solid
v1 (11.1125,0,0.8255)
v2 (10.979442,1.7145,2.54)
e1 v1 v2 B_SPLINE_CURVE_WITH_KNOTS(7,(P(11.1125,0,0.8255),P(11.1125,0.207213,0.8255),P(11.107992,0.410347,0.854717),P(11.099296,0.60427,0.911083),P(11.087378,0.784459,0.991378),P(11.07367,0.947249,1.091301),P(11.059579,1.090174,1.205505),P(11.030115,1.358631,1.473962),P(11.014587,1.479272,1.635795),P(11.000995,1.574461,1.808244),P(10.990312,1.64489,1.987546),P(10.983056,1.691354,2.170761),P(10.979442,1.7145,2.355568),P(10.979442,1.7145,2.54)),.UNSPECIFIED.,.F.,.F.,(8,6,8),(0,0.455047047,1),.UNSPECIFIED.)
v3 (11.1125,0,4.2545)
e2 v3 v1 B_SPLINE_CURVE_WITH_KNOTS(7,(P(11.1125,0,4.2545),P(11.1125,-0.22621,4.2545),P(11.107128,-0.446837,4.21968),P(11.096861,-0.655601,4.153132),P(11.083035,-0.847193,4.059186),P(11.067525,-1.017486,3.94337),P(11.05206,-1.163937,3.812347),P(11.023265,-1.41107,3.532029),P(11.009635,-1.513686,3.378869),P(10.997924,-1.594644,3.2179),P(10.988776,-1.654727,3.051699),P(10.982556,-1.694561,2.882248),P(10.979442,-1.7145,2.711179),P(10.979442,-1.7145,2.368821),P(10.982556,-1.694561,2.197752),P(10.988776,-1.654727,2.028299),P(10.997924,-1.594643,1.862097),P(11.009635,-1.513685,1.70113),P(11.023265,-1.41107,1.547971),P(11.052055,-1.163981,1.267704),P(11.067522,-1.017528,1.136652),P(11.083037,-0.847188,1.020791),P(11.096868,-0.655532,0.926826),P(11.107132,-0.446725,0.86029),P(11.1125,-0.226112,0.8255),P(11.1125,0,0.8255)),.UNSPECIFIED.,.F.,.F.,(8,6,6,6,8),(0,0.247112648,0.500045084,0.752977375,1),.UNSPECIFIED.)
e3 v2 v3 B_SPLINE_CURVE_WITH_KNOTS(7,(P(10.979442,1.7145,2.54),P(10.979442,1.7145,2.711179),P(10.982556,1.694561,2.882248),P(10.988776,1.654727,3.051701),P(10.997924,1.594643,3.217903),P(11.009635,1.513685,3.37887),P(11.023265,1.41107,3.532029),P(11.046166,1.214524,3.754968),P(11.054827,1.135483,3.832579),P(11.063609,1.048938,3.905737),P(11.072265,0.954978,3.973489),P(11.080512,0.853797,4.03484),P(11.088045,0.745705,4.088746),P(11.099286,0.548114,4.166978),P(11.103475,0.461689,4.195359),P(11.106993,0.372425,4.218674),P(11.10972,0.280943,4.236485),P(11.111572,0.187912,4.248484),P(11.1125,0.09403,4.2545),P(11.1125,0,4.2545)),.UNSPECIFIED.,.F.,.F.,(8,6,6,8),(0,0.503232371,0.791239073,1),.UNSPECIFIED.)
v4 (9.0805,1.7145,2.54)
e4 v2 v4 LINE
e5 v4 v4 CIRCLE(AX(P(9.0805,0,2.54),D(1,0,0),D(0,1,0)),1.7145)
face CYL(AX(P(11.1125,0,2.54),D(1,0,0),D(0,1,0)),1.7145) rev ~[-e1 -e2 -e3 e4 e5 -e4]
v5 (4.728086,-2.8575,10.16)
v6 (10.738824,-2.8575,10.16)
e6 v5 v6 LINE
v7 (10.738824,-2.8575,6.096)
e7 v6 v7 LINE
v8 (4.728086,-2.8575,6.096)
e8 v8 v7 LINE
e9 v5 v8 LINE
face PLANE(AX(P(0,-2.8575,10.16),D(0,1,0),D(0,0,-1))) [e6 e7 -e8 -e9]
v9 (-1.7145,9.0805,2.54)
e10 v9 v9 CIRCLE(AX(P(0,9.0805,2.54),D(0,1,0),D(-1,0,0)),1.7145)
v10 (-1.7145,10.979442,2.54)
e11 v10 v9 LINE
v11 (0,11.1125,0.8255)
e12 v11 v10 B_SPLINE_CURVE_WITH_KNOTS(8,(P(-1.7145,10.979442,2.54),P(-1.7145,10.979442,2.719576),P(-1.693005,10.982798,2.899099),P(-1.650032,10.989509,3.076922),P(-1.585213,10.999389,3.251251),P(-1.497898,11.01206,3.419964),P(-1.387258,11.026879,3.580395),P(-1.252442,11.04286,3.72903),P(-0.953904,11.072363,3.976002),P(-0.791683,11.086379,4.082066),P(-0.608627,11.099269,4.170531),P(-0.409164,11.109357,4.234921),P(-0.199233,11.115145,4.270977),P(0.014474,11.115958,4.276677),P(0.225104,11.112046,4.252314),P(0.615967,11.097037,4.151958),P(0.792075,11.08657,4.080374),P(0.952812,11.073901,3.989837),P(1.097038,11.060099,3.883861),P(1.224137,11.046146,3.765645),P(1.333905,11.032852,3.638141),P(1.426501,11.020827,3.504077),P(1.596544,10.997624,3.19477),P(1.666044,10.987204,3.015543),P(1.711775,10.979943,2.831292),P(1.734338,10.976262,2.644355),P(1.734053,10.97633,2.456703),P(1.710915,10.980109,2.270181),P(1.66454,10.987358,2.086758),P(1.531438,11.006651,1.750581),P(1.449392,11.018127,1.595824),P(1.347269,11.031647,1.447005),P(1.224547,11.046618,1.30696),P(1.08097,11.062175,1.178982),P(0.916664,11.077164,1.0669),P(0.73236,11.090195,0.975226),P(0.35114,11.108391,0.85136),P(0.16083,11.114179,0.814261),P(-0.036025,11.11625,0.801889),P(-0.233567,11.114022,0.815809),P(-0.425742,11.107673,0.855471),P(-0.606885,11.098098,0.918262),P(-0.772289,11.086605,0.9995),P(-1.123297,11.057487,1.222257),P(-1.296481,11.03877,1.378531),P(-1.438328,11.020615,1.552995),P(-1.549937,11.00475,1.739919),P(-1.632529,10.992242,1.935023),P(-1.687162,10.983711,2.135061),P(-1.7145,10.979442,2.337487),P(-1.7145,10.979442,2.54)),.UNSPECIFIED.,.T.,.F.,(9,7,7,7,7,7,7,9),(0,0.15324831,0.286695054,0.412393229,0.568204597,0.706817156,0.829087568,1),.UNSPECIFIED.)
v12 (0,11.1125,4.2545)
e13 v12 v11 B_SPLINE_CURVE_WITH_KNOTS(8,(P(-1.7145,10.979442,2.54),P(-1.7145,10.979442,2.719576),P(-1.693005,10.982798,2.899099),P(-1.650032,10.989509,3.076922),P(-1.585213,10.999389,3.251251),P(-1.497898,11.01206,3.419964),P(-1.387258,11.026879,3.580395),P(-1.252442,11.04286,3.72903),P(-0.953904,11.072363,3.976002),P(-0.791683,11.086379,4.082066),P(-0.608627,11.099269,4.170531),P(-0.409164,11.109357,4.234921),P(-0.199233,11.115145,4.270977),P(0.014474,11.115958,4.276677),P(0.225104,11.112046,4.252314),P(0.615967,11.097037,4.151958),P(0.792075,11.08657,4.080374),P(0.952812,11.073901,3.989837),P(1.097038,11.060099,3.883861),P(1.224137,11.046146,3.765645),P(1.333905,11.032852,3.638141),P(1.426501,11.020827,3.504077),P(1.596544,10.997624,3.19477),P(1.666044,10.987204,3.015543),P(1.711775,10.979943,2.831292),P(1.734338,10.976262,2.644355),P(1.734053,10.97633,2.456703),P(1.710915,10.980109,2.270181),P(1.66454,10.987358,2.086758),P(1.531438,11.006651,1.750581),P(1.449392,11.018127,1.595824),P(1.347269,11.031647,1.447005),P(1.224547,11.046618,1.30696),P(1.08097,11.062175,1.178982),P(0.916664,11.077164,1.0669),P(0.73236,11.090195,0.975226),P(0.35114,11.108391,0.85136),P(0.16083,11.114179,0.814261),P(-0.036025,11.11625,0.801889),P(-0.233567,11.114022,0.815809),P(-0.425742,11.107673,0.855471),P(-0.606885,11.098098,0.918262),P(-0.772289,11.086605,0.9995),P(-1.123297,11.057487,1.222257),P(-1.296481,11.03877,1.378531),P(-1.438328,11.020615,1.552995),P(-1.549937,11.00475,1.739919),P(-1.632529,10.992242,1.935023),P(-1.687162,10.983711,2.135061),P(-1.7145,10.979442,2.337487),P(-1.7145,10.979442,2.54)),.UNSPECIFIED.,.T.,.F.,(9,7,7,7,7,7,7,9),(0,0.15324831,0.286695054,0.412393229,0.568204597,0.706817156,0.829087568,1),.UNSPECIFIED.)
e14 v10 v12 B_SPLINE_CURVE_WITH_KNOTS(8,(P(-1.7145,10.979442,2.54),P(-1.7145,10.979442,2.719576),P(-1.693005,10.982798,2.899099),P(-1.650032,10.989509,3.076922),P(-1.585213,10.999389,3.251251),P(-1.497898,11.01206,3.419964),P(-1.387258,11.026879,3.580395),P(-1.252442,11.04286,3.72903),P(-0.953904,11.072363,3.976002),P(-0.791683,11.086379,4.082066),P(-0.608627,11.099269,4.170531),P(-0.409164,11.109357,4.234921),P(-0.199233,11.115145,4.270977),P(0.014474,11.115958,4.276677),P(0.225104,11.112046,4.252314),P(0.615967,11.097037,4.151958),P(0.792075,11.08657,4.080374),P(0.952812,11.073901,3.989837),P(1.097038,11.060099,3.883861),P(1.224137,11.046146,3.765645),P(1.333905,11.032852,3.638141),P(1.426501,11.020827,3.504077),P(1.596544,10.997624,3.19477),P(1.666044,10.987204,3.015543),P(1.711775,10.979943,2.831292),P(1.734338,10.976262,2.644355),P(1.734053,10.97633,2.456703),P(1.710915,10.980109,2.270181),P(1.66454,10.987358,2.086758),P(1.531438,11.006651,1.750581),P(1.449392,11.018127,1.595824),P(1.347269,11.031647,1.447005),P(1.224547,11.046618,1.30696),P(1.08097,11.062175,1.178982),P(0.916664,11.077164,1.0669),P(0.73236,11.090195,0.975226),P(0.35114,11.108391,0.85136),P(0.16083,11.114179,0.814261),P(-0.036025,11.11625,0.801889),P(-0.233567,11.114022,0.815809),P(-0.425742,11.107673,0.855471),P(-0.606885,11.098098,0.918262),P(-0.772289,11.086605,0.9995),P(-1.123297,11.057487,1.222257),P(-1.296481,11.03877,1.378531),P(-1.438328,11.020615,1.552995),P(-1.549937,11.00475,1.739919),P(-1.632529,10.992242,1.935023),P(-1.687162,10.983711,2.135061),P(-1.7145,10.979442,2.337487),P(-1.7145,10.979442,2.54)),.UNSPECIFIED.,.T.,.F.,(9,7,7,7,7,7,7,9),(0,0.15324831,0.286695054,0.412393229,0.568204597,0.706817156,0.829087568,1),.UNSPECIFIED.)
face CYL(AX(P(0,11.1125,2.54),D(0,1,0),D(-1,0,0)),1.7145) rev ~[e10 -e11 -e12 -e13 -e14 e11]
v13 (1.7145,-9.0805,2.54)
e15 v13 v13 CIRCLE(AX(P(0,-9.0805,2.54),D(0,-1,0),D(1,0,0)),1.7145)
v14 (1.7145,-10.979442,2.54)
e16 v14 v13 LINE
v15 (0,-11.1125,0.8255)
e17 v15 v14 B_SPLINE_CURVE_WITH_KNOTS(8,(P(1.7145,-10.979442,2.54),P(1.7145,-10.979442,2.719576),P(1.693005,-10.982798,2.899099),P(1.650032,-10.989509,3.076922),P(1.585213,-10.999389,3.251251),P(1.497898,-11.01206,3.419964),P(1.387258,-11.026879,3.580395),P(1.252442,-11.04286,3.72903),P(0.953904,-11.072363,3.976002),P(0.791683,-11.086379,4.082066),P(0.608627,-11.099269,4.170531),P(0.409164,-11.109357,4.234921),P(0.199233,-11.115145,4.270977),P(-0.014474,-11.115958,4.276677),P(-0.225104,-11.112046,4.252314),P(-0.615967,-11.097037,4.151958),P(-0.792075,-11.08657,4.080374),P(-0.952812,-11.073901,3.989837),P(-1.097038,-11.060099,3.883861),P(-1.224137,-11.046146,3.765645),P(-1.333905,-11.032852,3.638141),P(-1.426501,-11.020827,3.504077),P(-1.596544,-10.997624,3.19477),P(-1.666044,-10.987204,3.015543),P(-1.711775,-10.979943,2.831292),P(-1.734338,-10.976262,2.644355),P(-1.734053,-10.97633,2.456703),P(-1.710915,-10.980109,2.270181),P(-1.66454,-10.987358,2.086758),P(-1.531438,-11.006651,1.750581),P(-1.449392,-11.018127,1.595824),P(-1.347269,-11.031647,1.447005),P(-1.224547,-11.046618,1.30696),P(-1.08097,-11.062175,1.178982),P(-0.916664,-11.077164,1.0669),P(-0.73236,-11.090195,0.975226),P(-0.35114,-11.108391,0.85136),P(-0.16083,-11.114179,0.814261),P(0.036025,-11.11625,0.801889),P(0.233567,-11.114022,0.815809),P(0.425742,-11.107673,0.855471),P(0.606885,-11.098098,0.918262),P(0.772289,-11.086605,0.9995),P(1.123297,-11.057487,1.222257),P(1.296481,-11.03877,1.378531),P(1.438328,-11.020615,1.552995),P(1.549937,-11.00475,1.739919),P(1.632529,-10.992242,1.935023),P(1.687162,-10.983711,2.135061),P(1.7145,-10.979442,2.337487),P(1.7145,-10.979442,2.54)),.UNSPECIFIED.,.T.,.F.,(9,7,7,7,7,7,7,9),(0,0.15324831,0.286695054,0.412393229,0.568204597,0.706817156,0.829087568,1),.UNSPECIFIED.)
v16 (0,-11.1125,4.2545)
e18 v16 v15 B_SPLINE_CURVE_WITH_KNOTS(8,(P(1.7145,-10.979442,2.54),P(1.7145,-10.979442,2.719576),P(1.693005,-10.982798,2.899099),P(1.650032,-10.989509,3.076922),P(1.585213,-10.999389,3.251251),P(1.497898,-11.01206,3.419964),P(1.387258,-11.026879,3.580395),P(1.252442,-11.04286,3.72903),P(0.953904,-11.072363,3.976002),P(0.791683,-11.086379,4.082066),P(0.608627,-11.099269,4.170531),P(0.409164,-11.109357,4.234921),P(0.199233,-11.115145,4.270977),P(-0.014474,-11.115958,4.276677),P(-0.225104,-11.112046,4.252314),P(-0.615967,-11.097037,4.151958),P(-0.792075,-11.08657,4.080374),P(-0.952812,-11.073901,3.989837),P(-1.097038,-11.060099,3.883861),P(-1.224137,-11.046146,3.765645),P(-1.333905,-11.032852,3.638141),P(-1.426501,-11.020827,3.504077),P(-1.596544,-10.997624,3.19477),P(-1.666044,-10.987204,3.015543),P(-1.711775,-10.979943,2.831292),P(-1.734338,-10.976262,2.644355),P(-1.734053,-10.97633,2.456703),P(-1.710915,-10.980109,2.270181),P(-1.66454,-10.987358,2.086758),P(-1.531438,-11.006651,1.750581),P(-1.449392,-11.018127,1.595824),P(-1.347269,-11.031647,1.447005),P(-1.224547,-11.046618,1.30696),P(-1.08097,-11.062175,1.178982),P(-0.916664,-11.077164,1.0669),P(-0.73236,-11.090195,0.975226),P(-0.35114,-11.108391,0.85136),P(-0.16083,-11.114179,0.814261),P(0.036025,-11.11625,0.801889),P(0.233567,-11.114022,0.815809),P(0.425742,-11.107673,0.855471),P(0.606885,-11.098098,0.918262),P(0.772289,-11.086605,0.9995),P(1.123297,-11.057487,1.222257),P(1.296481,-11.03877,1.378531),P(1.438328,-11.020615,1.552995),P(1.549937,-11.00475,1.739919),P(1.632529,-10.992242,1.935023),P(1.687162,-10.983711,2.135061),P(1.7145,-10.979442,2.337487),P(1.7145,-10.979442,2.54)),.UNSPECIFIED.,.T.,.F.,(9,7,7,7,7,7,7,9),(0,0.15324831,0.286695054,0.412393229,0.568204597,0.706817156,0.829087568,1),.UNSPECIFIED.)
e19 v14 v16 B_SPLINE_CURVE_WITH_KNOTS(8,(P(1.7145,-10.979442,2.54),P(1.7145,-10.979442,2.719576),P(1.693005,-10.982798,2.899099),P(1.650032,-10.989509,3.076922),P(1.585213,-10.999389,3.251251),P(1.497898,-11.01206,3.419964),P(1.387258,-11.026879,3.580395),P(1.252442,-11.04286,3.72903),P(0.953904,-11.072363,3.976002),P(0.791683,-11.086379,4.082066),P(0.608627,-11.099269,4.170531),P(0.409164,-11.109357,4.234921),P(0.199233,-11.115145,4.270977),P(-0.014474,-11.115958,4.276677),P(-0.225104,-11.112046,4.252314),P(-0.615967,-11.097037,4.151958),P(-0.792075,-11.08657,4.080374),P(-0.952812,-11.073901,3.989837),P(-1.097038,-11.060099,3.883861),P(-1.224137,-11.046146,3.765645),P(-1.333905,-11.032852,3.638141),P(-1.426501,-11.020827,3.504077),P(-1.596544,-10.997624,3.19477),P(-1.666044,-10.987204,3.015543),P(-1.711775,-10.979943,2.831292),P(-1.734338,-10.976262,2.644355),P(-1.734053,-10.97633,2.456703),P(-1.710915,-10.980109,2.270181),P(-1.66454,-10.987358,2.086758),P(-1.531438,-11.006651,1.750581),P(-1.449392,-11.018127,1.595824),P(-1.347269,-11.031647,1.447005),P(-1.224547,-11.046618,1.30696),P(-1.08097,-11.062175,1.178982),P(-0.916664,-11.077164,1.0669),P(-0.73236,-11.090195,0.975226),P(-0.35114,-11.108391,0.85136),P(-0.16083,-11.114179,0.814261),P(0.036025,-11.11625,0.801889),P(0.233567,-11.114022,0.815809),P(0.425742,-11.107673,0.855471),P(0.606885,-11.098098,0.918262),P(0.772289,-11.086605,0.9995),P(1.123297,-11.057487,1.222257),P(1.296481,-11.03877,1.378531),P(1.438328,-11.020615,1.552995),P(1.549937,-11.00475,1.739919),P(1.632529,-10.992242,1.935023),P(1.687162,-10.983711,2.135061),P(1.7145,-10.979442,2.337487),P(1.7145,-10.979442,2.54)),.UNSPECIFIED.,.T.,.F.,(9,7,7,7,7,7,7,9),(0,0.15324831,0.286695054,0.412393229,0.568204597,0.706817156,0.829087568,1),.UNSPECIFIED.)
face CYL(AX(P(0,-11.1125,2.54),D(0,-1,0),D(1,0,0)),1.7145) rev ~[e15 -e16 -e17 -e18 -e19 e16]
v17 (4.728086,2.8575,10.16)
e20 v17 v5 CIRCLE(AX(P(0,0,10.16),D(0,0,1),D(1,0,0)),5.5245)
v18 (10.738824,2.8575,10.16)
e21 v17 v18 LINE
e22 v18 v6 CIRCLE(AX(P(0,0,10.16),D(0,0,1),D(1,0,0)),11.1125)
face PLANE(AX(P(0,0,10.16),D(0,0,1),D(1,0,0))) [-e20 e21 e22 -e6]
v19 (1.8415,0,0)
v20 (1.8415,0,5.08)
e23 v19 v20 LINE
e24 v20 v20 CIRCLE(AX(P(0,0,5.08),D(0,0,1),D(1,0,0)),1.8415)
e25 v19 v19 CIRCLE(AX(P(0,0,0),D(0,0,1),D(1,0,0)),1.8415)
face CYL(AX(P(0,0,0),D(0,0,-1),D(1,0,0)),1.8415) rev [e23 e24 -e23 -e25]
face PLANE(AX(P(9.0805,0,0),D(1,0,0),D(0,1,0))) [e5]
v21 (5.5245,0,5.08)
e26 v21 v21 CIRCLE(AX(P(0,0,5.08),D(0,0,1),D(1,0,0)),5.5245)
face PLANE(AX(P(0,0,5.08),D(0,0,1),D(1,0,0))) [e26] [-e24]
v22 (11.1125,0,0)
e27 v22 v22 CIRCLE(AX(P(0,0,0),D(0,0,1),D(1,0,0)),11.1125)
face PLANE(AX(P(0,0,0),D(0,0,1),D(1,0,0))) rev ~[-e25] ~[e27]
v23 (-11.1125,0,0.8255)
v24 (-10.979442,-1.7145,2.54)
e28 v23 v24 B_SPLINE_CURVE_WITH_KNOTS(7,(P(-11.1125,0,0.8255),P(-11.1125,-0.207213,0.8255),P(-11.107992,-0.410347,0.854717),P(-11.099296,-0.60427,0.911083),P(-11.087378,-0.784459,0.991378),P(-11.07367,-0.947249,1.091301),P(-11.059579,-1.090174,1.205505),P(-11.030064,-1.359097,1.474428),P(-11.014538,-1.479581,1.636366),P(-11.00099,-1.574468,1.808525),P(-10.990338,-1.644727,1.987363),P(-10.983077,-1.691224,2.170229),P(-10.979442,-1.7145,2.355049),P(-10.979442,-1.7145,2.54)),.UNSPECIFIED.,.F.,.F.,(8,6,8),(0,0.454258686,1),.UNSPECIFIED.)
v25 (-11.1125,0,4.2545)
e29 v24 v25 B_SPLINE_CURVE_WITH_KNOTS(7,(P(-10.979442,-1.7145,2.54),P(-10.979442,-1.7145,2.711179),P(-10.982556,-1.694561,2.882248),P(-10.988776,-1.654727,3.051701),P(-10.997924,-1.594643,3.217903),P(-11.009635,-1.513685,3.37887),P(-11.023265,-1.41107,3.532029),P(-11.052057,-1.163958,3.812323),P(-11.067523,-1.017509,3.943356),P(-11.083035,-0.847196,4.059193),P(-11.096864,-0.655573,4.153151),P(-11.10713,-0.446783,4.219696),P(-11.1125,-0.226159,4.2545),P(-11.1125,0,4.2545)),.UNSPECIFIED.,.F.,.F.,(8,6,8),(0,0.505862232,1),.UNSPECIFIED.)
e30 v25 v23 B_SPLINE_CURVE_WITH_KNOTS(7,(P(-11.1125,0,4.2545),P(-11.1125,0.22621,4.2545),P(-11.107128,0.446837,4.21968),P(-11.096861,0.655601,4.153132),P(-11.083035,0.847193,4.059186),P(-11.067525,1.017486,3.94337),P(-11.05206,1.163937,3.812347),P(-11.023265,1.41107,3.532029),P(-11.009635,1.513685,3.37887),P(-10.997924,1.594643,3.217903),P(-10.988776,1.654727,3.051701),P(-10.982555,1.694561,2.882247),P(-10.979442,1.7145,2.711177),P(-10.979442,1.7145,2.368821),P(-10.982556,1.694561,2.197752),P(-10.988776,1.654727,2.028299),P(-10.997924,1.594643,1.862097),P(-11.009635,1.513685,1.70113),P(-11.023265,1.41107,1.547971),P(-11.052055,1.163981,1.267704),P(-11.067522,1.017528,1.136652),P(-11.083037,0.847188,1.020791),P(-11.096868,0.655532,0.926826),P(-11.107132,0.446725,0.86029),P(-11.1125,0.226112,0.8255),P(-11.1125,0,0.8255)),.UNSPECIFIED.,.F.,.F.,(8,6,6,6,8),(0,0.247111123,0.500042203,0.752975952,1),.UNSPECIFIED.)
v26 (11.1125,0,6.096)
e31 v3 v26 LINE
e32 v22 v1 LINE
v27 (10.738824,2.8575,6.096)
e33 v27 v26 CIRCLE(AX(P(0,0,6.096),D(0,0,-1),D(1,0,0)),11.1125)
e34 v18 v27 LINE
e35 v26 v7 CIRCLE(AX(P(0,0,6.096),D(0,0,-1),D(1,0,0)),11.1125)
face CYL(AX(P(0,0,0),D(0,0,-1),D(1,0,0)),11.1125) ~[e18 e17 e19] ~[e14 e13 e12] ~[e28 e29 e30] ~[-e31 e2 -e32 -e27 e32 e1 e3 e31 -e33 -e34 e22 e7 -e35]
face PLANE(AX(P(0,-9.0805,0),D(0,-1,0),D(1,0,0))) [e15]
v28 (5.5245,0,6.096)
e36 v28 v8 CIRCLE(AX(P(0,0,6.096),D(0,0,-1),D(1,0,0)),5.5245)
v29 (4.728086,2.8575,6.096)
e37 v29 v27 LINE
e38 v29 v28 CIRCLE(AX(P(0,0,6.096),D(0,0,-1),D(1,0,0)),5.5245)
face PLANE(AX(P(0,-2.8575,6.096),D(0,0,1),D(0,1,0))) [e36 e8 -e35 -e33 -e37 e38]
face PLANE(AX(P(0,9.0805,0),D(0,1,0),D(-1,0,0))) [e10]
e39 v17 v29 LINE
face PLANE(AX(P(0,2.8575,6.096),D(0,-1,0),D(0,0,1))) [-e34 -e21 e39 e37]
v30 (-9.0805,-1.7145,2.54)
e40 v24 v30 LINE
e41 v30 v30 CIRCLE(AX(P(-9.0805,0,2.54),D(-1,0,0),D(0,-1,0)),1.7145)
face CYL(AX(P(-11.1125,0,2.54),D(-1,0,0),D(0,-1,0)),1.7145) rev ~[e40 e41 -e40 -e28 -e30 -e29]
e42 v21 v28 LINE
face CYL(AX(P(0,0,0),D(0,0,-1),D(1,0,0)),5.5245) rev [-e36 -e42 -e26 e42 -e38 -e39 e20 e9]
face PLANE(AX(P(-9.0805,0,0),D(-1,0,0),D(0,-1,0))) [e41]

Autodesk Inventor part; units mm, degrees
ref_plane "YZ Plane" through (0, 0, 0) normal (1, 0, 0) x (0, 1, 0)
ref_plane "XY Plane" through (0, 0, 0) normal (0, 0, 1) x (1, 0, 0)
sketch "Sketch1" plane through (0, 0, 0) normal (0, 0, 1) x (1, 0, 0)
  circle A0 centre (0, 0) radius 11.1125
  circle A1 centre (0, 0) radius 5.5245
  circle A2 centre (0, 0) radius 1.8415
  dimension "d0" = 22.225
  dimension "d1" = 11.049
  dimension "d2" = 3.683
extrude "Extrusion1" add sketch "Sketch1" along normal blind 10.16 contours A0
extrude "Extrusion2" add sketch "Sketch1" along normal blind 5.08 contours A1
sketch "Sketch2" plane through (0, 0, 0) normal (1, 0, 0) x (0, 1, 0)
  line L0 (11.1125, 10.16) -> (-11.1125, 10.16) projected
  line L1 (2.8575, 10.16) -> (-2.8575, 10.16)
  line L2 (-2.8575, 10.16) -> (-2.8575, 6.096)
  line L3 (-2.8575, 6.096) -> (2.8575, 6.096)
  line L4 (2.8575, 6.096) -> (2.8575, 10.16)
  point P0 (0, 0)
  dimension "d7" = 5.715
  dimension "d8" = 2.8575
  dimension "d9" = 4.064
extrude "Extrusion3" cut sketch "Sketch2" along normal through all
ref_plane "Work Plane1" through (0, 11.1125, 0) normal (0, 1, 0) x (-1, 0, 0)
sketch "Sketch3" plane through (0, 11.1125, 0) normal (0, 1, 0) x (-1, 0, 0)
  line L0 (11.1125, 0) -> (11.1125, 10.16) construction
  circle A0 centre (0, 2.54) radius 1.7145
  point P0 (0, 0)
  dimension "d12" = 3.429
  dimension "d13" = 2.54
extrude "Extrusion4" cut sketch "Sketch3" against normal blind 2.032
pattern_circular "Circular Pattern1" count 4 over 360 about axis through (0, 0, 0) along (0, 0, 1) of "Extrusion4"
equation "\"d5\" = 0.5 * d3"
equation "\"d8\" = 0.5 * d7"
equation "\"d10\" = 0.5 * d3"
equation "\"d3\" = 10.16"
properties part number "EncoderDisc" material "ABS Plastic"
